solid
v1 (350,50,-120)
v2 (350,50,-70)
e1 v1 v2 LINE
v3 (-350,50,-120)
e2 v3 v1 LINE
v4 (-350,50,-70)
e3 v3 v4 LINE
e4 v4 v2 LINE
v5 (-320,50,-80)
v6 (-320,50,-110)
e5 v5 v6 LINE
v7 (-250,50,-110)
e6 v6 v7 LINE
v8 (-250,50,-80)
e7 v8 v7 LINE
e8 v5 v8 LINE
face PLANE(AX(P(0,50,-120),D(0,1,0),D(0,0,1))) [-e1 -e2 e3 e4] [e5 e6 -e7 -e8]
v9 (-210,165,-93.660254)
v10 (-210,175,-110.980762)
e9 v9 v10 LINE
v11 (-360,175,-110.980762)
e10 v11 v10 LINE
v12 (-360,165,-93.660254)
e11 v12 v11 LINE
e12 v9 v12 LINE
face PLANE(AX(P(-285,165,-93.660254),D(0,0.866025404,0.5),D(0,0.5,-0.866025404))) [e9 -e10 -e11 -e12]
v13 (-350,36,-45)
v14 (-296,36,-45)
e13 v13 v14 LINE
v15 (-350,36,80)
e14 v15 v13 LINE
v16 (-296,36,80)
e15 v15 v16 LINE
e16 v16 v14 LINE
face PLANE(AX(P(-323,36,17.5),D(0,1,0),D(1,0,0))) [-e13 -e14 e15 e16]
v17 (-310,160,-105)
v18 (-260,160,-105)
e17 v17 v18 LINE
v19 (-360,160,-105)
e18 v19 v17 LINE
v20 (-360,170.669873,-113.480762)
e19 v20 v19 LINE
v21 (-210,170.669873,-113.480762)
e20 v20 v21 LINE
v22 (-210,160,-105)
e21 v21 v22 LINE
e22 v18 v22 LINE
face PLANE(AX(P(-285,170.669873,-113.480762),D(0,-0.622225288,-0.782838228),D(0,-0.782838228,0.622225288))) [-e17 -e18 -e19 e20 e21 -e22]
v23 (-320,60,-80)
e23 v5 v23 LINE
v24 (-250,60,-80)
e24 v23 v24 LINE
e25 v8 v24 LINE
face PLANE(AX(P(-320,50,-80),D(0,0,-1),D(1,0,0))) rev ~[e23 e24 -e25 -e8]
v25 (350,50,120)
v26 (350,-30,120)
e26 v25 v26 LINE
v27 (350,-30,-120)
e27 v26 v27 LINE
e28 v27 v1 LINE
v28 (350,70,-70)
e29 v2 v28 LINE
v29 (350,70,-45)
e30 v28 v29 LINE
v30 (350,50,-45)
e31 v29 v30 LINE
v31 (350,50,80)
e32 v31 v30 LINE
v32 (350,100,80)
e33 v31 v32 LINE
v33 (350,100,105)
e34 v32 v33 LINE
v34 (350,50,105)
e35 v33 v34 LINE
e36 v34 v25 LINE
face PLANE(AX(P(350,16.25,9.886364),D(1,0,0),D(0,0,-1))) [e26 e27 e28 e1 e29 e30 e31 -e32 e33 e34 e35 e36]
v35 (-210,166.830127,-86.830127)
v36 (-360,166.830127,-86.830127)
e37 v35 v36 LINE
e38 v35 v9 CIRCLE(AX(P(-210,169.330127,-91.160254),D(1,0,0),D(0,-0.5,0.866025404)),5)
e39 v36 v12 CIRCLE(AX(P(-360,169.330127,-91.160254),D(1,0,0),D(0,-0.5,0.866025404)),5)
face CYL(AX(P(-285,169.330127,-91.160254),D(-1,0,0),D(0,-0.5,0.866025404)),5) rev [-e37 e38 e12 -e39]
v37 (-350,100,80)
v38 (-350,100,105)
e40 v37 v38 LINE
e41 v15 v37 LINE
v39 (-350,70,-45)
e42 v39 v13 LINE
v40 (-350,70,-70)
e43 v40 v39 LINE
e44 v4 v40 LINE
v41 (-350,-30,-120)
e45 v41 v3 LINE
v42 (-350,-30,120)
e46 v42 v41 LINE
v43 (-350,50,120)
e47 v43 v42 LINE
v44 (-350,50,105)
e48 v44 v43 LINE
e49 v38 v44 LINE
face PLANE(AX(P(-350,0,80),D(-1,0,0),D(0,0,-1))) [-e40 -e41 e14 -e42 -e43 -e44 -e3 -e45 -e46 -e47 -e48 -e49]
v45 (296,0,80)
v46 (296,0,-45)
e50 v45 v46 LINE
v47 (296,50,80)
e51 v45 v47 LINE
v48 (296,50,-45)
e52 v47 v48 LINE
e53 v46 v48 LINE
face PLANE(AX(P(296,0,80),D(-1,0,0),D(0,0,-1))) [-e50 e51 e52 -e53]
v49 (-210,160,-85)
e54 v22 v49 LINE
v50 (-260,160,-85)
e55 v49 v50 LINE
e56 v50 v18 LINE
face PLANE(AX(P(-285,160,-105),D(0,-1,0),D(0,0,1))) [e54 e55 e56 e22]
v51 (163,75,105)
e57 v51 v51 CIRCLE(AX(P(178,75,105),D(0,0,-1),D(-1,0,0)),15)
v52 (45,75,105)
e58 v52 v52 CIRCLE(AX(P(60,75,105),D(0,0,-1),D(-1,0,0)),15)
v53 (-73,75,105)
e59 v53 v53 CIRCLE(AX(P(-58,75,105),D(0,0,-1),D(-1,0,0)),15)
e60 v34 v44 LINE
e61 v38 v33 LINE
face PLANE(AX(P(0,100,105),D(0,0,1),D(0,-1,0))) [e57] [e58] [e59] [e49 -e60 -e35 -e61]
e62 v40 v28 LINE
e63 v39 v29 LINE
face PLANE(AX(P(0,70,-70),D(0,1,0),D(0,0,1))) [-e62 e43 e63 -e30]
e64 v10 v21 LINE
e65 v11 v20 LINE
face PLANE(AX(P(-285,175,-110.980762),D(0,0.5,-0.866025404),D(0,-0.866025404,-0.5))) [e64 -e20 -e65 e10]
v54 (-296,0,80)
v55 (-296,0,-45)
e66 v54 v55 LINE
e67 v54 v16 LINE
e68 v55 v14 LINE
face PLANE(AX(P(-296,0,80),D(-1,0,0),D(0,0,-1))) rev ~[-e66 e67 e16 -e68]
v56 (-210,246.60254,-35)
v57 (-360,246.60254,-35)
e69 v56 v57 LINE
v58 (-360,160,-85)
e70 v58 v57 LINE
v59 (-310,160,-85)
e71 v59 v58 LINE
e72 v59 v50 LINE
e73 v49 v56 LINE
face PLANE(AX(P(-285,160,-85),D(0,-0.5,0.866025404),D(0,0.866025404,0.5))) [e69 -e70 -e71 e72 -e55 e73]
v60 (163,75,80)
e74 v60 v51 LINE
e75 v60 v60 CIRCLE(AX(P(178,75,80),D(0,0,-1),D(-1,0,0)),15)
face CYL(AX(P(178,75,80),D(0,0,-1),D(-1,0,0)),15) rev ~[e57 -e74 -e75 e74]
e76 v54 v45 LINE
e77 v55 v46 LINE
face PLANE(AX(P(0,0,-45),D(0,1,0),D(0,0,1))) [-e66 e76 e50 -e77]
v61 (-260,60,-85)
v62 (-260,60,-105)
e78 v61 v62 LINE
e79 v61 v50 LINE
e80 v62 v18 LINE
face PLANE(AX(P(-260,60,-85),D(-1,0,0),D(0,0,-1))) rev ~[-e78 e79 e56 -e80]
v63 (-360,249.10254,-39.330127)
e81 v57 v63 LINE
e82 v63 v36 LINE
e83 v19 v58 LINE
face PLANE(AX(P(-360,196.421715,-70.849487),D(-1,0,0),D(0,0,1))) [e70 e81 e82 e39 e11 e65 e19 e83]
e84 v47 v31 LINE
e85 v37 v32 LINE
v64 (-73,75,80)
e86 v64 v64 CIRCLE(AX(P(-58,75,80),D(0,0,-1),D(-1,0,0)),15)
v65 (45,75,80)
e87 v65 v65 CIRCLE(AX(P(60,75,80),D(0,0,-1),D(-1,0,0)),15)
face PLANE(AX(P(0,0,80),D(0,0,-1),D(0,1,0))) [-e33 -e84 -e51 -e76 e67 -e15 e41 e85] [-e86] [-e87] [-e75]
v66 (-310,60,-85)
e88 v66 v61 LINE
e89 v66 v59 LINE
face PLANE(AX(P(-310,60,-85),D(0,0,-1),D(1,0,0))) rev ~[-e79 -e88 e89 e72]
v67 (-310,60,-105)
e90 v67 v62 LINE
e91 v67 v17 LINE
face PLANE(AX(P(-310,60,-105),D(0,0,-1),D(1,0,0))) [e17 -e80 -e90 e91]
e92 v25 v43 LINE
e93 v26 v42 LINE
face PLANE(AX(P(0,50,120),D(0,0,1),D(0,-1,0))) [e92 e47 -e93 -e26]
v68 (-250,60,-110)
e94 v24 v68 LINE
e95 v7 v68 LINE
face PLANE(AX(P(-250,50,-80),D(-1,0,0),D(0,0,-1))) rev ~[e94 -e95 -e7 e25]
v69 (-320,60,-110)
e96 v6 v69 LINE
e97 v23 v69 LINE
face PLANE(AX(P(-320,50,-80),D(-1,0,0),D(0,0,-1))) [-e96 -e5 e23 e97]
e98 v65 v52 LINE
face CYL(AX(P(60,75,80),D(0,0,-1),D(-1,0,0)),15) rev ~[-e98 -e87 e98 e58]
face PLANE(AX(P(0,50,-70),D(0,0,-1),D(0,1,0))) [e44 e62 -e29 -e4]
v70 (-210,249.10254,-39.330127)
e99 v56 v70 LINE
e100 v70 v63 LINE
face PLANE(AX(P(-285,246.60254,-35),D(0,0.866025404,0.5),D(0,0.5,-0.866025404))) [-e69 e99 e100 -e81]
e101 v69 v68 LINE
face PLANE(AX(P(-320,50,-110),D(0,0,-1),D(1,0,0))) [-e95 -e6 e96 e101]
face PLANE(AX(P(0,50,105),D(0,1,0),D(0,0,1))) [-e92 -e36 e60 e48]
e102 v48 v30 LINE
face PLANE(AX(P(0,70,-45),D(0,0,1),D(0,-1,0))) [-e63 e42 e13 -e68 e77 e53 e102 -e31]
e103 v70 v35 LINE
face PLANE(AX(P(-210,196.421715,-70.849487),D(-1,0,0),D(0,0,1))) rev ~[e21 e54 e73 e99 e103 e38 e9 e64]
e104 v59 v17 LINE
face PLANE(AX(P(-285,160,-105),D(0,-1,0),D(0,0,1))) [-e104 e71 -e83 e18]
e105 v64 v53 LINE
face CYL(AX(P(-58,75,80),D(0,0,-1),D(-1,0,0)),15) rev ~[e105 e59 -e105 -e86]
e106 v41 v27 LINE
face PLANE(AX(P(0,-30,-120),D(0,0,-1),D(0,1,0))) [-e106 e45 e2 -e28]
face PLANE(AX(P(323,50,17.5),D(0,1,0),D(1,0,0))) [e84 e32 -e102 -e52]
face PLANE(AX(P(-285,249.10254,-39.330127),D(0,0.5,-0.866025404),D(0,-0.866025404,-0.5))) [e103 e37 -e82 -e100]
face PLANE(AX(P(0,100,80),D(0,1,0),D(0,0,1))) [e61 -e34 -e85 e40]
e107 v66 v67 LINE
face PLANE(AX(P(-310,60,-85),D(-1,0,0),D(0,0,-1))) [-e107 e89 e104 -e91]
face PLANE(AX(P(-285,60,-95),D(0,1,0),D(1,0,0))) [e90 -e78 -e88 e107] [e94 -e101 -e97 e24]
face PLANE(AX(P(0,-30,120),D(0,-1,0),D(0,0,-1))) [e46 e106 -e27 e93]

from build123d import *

# Parameters (mm, degrees)
BOSS_EXTRUDE1_DEPTH = 350
SKETCH2_W           = 54
SKETCH2_H           = 125
BOSS_EXTRUDE2_DEPTH = 36
SKETCH4_W           = 54
SKETCH4_H           = 125
BOSS_EXTRUDE3_DEPTH = 50
SKETCH5_R           = 15
CUT_EXTRUDE1_DEPTH  = 25
SKETCH6_W           = 70
SKETCH6_H           = 30
BOSS_EXTRUDE4_DEPTH = 10
SKETCH7_W           = 50
SKETCH7_H           = 20
BOSS_EXTRUDE5_DEPTH = 100
BOSS_EXTRUDE6_DEPTH = 75


with BuildPart() as part:
    # Sketch1 → Boss-Extrude1 (new body, symmetric)
    with BuildSketch(Plane(origin=(0, 0, 0), x_dir=(0, 0, -1), z_dir=(1, 0, 0))):
        Polygon((-120, -30), (120, -30), (120, 50), (70, 50), (70, 70), (45, 70), (45, 0), (-80, 0), (-80, 100), (-105, 100), (-105, 50), (-120, 50), align=None)
    extrude(amount=BOSS_EXTRUDE1_DEPTH, both=True)

    # Sketch2 → Boss-Extrude2 (add)
    with BuildSketch(Plane(origin=(0, 0, 0), x_dir=(1, 0, 0), z_dir=(0, 1, 0))):
        with Locations((-323, -17.5)):
            Rectangle(SKETCH2_W, SKETCH2_H)
    extrude(amount=BOSS_EXTRUDE2_DEPTH)

    # Sketch4 → Boss-Extrude3 (add)
    with BuildSketch(Plane(origin=(0, 0, 0), x_dir=(1, 0, 0), z_dir=(0, 1, 0))):
        with Locations((323, -17.5)):
            Rectangle(SKETCH4_W, SKETCH4_H)
    extrude(amount=BOSS_EXTRUDE3_DEPTH)

    # Sketch5 → Cut-Extrude1 (cut)
    with BuildSketch(Plane(origin=(0, 0, 80), x_dir=(-1, 0, 0), z_dir=(0, 0, -1))):
        with Locations((-178, 75)):
            Circle(SKETCH5_R)
        with Locations((-60, 75)):
            Circle(SKETCH5_R)
        with Locations((58, 75)):
            Circle(SKETCH5_R)
    extrude(amount=-CUT_EXTRUDE1_DEPTH, mode=Mode.SUBTRACT)

    # Sketch6 → Boss-Extrude4 (add)
    with BuildSketch(Plane(origin=(0, 50, 0), x_dir=(1, 0, 0), z_dir=(0, 1, 0))):
        with Locations((-285, 95)):
            Rectangle(SKETCH6_W, SKETCH6_H)
    extrude(amount=BOSS_EXTRUDE4_DEPTH)

    # Sketch7 → Boss-Extrude5 (add)
    with BuildSketch(Plane(origin=(0, 60, 0), x_dir=(1, 0, 0), z_dir=(0, 1, 0))):
        with Locations((-285, 95)):
            Rectangle(SKETCH7_W, SKETCH7_H)
    extrude(amount=BOSS_EXTRUDE5_DEPTH)

    # Sketch10 → Boss-Extrude6 (add, symmetric)
    with BuildSketch(Plane.ZY.offset(285)):
        with BuildLine():
            Line((-105, 160), (-85, 160))
            Line((-85, 160), (-35, 246.602540378))
            Line((-35, 246.602540378), (-39.330127019, 249.102540378))
            Line((-39.330127019, 249.102540378), (-86.830127019, 166.830127019))
            ThreePointArc((-86.830127019, 166.830127019), (-89.866158812, 164.500497887), (-93.660254038, 165))
            Line((-93.660254038, 165), (-110.980762114, 175))
            Line((-110.980762114, 175), (-113.480762114, 170.669872981))
            Line((-113.480762114, 170.669872981), (-105, 160))
        make_face()
    extrude(amount=BOSS_EXTRUDE6_DEPTH, both=True)


solid = part.part
